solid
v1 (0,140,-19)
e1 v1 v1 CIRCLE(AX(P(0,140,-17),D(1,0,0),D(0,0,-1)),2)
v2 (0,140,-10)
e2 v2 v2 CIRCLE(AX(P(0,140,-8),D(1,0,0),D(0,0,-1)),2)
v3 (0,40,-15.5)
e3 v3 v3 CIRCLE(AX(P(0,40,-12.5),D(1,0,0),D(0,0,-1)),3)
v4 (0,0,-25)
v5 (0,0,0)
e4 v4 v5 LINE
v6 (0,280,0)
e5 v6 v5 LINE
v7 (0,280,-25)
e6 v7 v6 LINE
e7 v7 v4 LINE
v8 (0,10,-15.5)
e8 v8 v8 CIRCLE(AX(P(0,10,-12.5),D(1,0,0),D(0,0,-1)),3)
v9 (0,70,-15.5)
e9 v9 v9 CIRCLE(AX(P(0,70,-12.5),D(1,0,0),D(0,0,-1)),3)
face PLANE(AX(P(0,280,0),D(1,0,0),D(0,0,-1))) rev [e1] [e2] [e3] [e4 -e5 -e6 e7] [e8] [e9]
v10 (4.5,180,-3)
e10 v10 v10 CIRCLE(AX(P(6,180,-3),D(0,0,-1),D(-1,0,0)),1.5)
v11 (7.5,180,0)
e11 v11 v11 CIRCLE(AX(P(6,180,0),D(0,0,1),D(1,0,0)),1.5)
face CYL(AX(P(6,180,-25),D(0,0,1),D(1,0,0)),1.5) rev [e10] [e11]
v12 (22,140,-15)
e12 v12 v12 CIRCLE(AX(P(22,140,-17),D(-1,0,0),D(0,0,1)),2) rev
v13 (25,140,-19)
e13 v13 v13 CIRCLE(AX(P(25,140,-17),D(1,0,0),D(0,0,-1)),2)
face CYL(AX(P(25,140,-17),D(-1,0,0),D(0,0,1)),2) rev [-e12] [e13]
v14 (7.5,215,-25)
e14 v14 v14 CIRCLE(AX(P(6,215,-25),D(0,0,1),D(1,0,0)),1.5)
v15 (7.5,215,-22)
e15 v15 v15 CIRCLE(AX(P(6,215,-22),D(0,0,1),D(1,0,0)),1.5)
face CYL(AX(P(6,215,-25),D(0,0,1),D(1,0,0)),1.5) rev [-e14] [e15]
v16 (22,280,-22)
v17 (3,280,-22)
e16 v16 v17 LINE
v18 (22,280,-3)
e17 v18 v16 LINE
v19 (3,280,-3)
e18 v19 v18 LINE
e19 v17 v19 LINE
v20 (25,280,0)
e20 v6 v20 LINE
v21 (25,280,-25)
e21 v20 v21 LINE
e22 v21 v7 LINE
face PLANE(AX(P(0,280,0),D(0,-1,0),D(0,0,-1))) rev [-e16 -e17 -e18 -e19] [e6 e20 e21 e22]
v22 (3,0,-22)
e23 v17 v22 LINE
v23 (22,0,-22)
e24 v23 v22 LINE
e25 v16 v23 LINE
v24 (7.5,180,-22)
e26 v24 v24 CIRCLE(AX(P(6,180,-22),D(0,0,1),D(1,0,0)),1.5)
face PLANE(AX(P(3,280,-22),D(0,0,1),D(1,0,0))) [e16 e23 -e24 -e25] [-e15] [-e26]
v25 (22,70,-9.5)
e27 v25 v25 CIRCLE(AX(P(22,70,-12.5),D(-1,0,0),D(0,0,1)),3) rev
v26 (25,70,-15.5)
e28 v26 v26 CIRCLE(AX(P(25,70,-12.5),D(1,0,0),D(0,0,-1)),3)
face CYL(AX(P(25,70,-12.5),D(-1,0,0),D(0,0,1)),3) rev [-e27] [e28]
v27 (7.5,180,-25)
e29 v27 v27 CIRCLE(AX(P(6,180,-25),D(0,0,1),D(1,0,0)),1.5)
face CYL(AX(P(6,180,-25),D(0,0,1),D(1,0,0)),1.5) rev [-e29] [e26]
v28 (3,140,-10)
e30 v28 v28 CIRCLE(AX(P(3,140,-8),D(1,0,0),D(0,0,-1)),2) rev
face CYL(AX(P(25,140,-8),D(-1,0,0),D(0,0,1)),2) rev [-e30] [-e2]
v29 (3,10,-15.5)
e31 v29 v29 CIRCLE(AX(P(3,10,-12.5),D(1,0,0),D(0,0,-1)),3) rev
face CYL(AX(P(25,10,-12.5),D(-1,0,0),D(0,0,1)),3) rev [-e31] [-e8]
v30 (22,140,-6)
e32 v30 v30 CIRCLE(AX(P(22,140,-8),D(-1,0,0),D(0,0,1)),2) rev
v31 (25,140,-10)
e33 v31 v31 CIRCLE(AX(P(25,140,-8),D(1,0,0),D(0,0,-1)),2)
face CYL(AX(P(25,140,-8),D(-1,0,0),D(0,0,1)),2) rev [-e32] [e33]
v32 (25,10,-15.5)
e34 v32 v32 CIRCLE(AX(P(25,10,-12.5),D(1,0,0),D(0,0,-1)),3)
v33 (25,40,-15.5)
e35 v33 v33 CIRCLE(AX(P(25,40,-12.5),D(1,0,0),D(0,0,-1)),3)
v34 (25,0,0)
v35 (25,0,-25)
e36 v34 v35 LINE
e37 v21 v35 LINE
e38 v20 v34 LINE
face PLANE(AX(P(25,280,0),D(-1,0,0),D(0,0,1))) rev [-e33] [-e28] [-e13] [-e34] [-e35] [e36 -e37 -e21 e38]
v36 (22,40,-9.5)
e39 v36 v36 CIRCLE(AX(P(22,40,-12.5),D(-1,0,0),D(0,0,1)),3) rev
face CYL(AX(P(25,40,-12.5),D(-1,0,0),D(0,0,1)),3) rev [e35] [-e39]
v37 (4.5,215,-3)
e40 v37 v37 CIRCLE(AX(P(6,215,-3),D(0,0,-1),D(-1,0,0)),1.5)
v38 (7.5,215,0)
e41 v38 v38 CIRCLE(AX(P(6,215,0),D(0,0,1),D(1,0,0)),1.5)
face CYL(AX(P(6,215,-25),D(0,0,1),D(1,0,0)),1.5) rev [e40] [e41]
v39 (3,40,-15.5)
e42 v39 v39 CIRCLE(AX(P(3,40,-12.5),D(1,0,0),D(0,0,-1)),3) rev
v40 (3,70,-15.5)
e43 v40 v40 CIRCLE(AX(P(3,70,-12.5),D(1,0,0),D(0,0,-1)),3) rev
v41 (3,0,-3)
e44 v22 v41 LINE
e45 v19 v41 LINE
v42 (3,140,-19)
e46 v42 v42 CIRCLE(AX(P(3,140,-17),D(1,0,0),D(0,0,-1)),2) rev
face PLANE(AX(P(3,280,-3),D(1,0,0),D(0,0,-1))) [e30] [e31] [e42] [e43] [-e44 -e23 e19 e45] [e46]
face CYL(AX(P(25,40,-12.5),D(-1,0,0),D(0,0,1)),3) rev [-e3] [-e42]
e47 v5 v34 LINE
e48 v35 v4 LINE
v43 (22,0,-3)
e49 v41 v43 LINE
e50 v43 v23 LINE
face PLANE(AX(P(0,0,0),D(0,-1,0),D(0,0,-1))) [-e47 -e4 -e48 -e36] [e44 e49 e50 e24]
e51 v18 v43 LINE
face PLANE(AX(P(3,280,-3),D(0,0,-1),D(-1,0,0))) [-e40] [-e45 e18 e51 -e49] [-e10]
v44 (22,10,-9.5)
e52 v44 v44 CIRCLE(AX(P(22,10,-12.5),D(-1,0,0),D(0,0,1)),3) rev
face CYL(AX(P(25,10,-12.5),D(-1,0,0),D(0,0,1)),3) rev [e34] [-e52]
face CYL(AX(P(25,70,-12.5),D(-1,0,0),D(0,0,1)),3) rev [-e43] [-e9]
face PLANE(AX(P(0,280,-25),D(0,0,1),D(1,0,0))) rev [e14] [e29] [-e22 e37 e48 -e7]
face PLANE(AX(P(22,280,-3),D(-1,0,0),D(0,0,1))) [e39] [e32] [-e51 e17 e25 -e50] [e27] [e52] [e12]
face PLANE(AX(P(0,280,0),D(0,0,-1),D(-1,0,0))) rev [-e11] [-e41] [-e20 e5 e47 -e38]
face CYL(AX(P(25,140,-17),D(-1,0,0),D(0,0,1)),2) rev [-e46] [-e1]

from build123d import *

# Parameters (mm, degrees)
SKETCH_1_W               = 25
SKETCH_1_H               = 25
SKETCH_1_W_2             = 19
SKETCH_1_H_2             = 19
EXTRUDE_1_DEPTH          = 280
SKETCH_2_R               = 3
SKETCH_2_R_2             = 2
CUT_EXTRUDE_1_DEPTH      = 283.223315833
CUT_EXTRUDE_2_DEPTH      = 283.223315833
CUT_EXTRUDE_2_DEPTH_BACK = 283.223315833
SKETCH_3_R               = 1.5


with BuildPart() as part:
    # 草图1 → 凸台-拉伸1 (new body)
    with BuildSketch(Plane(origin=(0, 0, 0), x_dir=(1, 0, 0), z_dir=(0, 1, 0))):
        with Locations((12.5, 12.5)):
            Rectangle(SKETCH_1_W, SKETCH_1_H)
        with Locations((12.5, 12.5)):
            Rectangle(SKETCH_1_W_2, SKETCH_1_H_2, mode=Mode.SUBTRACT)
    extrude(amount=EXTRUDE_1_DEPTH)

    # 草图2 → 切除-拉伸1 (cut, through all)
    with BuildSketch(Plane(origin=(0, 0, 0), x_dir=(0, 0, -1), z_dir=(1, 0, 0))):
        with Locations(Location((12.5, 10, 0), (0, 0, 180))):
            Circle(SKETCH_2_R)
        with Locations(Location((12.5, 40, 0), (0, 0, 180))):
            Circle(SKETCH_2_R)
        with Locations(Location((12.5, 70, 0), (0, 0, 180))):
            Circle(SKETCH_2_R)
        with Locations(Location((17, 140, 0), (0, 0, 180))):
            Circle(SKETCH_2_R_2)
        with Locations(Location((8, 140, 0), (0, 0, 180))):
            Circle(SKETCH_2_R_2)
    extrude(amount=CUT_EXTRUDE_1_DEPTH, mode=Mode.SUBTRACT)

    # 草图3 → 切除-拉伸2 (cut, two sides: drawn at the far end of the back side and taken through both)
    with BuildSketch(Plane.XY.offset(-CUT_EXTRUDE_2_DEPTH_BACK)):
        with Locations((6, 180)):
            Circle(SKETCH_3_R)
        with Locations((6, 215)):
            Circle(SKETCH_3_R)
    extrude(amount=CUT_EXTRUDE_2_DEPTH + CUT_EXTRUDE_2_DEPTH_BACK, mode=Mode.SUBTRACT)


solid = part.part
